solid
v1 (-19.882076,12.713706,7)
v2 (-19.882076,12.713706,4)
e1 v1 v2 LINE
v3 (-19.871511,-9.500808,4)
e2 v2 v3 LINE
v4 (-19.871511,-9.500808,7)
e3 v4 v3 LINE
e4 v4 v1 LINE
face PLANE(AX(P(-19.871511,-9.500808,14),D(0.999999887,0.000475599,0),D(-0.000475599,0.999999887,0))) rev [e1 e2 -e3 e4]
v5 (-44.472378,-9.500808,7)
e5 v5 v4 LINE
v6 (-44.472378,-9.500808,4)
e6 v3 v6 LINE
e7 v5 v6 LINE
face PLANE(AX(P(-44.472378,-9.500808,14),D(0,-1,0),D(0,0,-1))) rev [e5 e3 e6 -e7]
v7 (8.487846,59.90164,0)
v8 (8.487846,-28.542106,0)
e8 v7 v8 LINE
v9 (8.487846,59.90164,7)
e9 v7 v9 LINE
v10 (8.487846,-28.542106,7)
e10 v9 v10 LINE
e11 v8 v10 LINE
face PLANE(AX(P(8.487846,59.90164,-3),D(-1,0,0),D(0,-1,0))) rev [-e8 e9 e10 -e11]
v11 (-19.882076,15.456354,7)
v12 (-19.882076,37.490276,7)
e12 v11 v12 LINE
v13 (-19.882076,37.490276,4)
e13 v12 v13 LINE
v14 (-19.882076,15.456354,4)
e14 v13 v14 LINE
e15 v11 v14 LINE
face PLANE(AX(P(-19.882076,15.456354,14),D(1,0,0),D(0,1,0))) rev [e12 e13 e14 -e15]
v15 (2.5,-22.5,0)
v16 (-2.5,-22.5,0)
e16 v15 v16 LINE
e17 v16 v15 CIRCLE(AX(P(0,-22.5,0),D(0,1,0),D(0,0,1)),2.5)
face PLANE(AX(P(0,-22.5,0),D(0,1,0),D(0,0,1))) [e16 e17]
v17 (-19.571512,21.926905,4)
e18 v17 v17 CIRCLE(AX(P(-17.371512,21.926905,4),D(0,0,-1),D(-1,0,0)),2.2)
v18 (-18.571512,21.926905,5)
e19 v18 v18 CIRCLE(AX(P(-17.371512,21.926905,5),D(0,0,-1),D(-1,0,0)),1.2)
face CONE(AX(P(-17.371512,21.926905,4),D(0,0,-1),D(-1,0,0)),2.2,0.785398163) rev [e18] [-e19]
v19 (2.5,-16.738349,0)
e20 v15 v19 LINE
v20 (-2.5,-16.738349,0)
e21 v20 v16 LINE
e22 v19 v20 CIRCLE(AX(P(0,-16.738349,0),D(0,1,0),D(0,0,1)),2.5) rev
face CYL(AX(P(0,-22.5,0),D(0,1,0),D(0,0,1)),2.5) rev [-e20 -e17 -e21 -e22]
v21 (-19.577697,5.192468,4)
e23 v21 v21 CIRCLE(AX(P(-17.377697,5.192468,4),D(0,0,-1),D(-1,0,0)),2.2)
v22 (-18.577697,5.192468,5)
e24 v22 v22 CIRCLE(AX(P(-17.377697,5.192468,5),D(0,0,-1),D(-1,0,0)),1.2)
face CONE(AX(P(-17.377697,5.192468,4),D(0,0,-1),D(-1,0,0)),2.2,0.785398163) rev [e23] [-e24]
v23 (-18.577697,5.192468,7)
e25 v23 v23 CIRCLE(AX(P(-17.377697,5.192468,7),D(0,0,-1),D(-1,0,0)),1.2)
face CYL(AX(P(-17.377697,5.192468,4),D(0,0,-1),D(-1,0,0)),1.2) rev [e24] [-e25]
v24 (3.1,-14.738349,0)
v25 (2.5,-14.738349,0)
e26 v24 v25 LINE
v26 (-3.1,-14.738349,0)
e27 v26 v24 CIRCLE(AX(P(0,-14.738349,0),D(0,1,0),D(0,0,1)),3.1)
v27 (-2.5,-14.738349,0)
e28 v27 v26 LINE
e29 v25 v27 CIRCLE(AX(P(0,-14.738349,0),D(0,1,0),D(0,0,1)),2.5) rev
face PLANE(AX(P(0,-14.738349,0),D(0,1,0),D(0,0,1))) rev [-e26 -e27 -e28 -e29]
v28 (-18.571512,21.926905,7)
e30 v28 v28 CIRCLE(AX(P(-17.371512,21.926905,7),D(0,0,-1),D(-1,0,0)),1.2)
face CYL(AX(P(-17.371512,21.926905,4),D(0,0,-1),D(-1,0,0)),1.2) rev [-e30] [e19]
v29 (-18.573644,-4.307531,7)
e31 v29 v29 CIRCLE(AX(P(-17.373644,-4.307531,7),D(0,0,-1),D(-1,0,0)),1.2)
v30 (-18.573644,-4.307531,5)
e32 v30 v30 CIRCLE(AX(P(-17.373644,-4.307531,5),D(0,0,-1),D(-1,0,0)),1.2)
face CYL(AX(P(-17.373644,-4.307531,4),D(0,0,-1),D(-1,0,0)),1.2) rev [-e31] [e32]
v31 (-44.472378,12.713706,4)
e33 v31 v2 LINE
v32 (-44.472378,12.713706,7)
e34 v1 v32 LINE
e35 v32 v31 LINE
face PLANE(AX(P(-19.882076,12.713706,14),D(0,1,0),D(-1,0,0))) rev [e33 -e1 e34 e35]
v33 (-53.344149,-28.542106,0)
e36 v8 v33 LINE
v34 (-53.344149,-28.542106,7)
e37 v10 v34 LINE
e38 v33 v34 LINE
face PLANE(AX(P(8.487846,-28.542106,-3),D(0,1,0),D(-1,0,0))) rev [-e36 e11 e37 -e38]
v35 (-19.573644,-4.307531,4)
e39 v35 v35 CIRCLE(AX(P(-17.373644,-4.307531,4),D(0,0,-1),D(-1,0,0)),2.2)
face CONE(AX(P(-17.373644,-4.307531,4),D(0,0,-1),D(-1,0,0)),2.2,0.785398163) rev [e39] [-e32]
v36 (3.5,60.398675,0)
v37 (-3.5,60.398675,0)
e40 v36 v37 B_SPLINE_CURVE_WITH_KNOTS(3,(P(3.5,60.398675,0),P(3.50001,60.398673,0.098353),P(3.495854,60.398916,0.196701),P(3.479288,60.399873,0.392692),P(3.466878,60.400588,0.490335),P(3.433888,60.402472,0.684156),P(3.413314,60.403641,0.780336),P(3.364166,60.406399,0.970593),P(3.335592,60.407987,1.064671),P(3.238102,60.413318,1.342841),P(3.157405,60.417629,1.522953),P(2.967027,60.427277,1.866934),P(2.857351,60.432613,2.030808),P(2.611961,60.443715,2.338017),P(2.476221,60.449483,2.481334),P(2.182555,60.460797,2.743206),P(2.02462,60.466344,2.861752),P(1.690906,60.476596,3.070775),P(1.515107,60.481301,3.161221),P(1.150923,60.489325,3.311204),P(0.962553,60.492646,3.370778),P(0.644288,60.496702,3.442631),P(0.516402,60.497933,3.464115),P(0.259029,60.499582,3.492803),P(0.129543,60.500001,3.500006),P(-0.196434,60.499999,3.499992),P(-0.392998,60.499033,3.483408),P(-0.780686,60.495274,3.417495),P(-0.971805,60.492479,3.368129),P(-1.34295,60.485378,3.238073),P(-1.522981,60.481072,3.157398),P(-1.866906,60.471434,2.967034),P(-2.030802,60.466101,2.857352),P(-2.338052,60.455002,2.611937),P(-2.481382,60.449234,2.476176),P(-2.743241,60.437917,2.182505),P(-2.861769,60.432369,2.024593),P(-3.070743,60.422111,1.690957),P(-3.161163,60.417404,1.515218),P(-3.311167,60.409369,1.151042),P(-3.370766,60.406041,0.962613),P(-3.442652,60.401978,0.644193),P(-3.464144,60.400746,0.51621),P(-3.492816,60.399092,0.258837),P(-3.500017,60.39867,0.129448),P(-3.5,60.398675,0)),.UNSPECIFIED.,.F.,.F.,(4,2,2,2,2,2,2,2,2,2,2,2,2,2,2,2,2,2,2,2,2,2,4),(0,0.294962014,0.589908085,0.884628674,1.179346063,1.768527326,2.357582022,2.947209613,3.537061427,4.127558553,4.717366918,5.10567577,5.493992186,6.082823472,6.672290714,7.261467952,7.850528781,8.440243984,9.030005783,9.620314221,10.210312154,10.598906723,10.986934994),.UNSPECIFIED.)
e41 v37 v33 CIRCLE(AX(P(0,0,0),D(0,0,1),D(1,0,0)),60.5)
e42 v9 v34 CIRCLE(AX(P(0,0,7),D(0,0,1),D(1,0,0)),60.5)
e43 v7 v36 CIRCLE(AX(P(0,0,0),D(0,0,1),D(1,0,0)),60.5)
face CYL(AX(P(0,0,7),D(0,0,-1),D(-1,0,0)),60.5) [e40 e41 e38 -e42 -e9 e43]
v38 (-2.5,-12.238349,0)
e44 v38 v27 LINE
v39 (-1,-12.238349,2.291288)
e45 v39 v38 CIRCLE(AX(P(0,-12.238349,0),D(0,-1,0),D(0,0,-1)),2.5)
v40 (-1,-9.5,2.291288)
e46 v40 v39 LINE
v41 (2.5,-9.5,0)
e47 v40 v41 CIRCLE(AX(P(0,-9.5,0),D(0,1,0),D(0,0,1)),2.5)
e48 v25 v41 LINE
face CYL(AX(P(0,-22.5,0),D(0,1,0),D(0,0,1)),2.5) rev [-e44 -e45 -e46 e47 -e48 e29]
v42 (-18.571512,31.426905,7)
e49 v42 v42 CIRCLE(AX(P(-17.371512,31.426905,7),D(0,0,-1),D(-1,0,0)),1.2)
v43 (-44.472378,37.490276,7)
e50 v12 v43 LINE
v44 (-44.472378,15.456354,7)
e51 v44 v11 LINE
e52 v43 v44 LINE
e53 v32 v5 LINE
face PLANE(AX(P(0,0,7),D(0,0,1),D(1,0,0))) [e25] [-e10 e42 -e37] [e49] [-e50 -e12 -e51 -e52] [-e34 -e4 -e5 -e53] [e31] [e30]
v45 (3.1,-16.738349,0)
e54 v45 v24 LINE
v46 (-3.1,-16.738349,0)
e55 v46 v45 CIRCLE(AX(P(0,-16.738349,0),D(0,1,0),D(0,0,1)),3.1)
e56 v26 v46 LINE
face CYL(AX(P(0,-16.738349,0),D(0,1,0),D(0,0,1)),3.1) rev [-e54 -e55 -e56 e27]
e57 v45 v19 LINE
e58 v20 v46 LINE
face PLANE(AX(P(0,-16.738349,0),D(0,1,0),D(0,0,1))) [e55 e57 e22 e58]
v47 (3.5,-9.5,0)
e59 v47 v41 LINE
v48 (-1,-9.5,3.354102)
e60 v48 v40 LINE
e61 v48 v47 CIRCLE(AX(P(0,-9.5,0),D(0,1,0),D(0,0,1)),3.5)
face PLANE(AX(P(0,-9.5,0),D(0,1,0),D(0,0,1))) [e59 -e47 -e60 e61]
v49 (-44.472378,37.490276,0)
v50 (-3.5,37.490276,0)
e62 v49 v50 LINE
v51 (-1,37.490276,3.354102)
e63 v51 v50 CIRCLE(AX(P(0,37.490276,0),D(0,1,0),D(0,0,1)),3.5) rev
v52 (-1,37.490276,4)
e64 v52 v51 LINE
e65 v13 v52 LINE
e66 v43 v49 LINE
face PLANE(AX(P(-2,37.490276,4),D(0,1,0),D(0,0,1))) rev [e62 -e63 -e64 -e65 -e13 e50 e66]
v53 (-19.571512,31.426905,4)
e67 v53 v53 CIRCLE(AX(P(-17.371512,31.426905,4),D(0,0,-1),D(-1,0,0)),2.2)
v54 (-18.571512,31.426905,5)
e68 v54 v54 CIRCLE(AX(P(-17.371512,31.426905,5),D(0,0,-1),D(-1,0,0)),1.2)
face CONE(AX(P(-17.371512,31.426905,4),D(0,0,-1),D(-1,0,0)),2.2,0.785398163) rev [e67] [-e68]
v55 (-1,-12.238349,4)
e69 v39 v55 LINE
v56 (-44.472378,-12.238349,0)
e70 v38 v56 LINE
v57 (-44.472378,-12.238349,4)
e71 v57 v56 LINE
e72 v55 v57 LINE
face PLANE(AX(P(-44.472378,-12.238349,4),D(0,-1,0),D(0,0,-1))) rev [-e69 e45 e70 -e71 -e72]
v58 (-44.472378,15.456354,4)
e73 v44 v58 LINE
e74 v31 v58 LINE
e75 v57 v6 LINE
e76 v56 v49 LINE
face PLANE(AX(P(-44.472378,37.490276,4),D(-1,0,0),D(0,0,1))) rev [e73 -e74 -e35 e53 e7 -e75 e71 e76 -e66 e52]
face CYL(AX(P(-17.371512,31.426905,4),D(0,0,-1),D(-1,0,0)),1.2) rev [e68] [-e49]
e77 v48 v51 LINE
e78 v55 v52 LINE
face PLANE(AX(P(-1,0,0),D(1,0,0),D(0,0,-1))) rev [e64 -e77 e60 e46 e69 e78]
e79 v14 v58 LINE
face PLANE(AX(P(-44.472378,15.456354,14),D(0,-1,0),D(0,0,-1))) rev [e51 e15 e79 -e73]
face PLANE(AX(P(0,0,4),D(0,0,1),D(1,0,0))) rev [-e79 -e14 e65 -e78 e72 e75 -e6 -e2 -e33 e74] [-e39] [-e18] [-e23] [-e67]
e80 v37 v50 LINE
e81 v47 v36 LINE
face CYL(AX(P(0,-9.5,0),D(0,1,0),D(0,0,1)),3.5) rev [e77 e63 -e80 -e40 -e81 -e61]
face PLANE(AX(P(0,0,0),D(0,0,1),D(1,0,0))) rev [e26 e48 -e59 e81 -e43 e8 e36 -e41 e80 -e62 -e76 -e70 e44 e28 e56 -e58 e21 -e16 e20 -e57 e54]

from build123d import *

# Parameters (mm, degrees)
SKETCH1_R                                       = 60.5
BOSS_EXTRUDE1_DEPTH                             = 7
SKETCH6_R                                       = 3.5
CUT_EXTRUDE2_DEPTH                              = 70
CUT_EXTRUDE7_DEPTH                              = 10
SKETCH23_W                                      = 42.472377856
SKETCH23_H                                      = 49.728625228
CUT_EXTRUDE8_DEPTH                              = 4
SKETCH24_W                                      = 49.728625228
SKETCH24_H                                      = 1.127718677
CUT_EXTRUDE10_DEPTH                             = 1
CSK_FOR_M2_FLAT_HEAD_MACHINE_SCREW1_D           = 2.4
CSK_FOR_M2_FLAT_HEAD_MACHINE_SCREW1_CSINK_D     = 4.4
CSK_FOR_M2_FLAT_HEAD_MACHINE_SCREW1_CSINK_ANGLE = 90
SKETCH30_W                                      = 24.590301857
SKETCH30_H                                      = 22.033921334
CUT_EXTRUDE11_DEPTH                             = 10
SKETCH39_R                                      = 2.5
CUT_EXTRUDE14_DEPTH                             = 13
SKETCH42_R                                      = 3.1
CUT_EXTRUDE15_DEPTH                             = 1
SKETCH43_W                                      = 2.738349456
SKETCH43_H                                      = 1.372281323
CUT_EXTRUDE17_DEPTH                             = 1


with BuildPart() as part:
    # Sketch1 → Boss-Extrude1 (new body)
    with BuildSketch(Plane(origin=(0, 0, 0), x_dir=(0, 1, 0), z_dir=(0, 0, 1))):
        with Locations(Location((0, 0, 0), (0, 0, 270))):
            Circle(SKETCH1_R)
    extrude(amount=BOSS_EXTRUDE1_DEPTH)

    # Sketch6 → Cut-Extrude2 (cut)
    with BuildSketch(Plane(origin=(0, 60.5, -6), x_dir=(-1, 0, 0), z_dir=(0, 1, 0))):
        with Locations((0, 6)):
            Circle(SKETCH6_R)
    extrude(amount=-CUT_EXTRUDE2_DEPTH, mode=Mode.SUBTRACT)

    # Sketch21 → Cut-Extrude7 (cut)
    with BuildSketch(Plane.XY.offset(7)):
        with BuildLine():
            Line((8.487846034, 59.901639958), (8.487846034, -28.542105861))
            Line((8.487846034, -28.542105861), (-53.344148629, -28.542105861))
            ThreePointArc((-53.344148629, -28.542105861), (113.000185213, -78.999671309), (8.487846034, 59.901639958))
        make_face()
    extrude(amount=-CUT_EXTRUDE7_DEPTH, mode=Mode.SUBTRACT)

    # Sketch23 → Cut-Extrude8 (cut)
    with BuildSketch(Plane(origin=(0, 0, 0), x_dir=(1, 0, 0), z_dir=(0, 0, -1))):
        with Locations((-23.236188928, -12.625963158)):
            Rectangle(SKETCH23_W, SKETCH23_H)
    extrude(amount=-CUT_EXTRUDE8_DEPTH, mode=Mode.SUBTRACT)

    # Sketch24 → Cut-Extrude10 (cut)
    with BuildSketch(Plane(origin=(-2, 0, 0), x_dir=(0, -1, 0), z_dir=(-1, 0, 0))):
        with Locations((-12.625963158, 3.436140662)):
            Rectangle(SKETCH24_W, SKETCH24_H)
    extrude(amount=-CUT_EXTRUDE10_DEPTH, mode=Mode.SUBTRACT)

    # CSK for M2 Flat Head Machine Screw1 (through all)
    with Locations(Plane.YX.offset(-4)):
        with Locations((-4.307531, -17.373644116), (5.192468135, -17.377696999), (21.926905074, -17.371512218), (31.426905074, -17.371512218)):
            CounterSinkHole(CSK_FOR_M2_FLAT_HEAD_MACHINE_SCREW1_D / 2, CSK_FOR_M2_FLAT_HEAD_MACHINE_SCREW1_CSINK_D / 2, counter_sink_angle=CSK_FOR_M2_FLAT_HEAD_MACHINE_SCREW1_CSINK_ANGLE)

    # Sketch30 → Cut-Extrude11 (cut)
    with BuildSketch(Plane(origin=(0, 0, 4), x_dir=(1, 0, 0), z_dir=(0, 0, -1))):
        with Locations((-32.177226928, -26.473315105)):
            Rectangle(SKETCH30_W, SKETCH30_H)
        Polygon((-19.882075999, -12.713705866), (-44.472377856, -12.713705866), (-44.472377856, 9.50080752), (-19.871510792, 9.50080752), align=None)
    extrude(amount=-CUT_EXTRUDE11_DEPTH, mode=Mode.SUBTRACT)

    # Sketch39 → Cut-Extrude14 (cut)
    with BuildSketch(Plane(origin=(0, -9.5, 0), x_dir=(-1, 0, 0), z_dir=(0, 1, 0))):
        Circle(SKETCH39_R)
    extrude(amount=-CUT_EXTRUDE14_DEPTH, mode=Mode.SUBTRACT)

    # Sketch42 → Cut-Extrude15 (cut, symmetric)
    with BuildSketch(Plane(origin=(0, -15.738349456, 0), x_dir=(-1, 0, 0), z_dir=(0, 1, 0))):
        Circle(SKETCH42_R)
    extrude(amount=CUT_EXTRUDE15_DEPTH, both=True, mode=Mode.SUBTRACT)

    # Sketch43 → Cut-Extrude17 (cut)
    with BuildSketch(Plane(origin=(-2, 0, 0), x_dir=(0, -1, 0), z_dir=(-1, 0, 0))):
        with Locations((10.869174728, 2.186140662)):
            Rectangle(SKETCH43_W, SKETCH43_H)
    extrude(amount=-CUT_EXTRUDE17_DEPTH, mode=Mode.SUBTRACT)


solid = part.part
